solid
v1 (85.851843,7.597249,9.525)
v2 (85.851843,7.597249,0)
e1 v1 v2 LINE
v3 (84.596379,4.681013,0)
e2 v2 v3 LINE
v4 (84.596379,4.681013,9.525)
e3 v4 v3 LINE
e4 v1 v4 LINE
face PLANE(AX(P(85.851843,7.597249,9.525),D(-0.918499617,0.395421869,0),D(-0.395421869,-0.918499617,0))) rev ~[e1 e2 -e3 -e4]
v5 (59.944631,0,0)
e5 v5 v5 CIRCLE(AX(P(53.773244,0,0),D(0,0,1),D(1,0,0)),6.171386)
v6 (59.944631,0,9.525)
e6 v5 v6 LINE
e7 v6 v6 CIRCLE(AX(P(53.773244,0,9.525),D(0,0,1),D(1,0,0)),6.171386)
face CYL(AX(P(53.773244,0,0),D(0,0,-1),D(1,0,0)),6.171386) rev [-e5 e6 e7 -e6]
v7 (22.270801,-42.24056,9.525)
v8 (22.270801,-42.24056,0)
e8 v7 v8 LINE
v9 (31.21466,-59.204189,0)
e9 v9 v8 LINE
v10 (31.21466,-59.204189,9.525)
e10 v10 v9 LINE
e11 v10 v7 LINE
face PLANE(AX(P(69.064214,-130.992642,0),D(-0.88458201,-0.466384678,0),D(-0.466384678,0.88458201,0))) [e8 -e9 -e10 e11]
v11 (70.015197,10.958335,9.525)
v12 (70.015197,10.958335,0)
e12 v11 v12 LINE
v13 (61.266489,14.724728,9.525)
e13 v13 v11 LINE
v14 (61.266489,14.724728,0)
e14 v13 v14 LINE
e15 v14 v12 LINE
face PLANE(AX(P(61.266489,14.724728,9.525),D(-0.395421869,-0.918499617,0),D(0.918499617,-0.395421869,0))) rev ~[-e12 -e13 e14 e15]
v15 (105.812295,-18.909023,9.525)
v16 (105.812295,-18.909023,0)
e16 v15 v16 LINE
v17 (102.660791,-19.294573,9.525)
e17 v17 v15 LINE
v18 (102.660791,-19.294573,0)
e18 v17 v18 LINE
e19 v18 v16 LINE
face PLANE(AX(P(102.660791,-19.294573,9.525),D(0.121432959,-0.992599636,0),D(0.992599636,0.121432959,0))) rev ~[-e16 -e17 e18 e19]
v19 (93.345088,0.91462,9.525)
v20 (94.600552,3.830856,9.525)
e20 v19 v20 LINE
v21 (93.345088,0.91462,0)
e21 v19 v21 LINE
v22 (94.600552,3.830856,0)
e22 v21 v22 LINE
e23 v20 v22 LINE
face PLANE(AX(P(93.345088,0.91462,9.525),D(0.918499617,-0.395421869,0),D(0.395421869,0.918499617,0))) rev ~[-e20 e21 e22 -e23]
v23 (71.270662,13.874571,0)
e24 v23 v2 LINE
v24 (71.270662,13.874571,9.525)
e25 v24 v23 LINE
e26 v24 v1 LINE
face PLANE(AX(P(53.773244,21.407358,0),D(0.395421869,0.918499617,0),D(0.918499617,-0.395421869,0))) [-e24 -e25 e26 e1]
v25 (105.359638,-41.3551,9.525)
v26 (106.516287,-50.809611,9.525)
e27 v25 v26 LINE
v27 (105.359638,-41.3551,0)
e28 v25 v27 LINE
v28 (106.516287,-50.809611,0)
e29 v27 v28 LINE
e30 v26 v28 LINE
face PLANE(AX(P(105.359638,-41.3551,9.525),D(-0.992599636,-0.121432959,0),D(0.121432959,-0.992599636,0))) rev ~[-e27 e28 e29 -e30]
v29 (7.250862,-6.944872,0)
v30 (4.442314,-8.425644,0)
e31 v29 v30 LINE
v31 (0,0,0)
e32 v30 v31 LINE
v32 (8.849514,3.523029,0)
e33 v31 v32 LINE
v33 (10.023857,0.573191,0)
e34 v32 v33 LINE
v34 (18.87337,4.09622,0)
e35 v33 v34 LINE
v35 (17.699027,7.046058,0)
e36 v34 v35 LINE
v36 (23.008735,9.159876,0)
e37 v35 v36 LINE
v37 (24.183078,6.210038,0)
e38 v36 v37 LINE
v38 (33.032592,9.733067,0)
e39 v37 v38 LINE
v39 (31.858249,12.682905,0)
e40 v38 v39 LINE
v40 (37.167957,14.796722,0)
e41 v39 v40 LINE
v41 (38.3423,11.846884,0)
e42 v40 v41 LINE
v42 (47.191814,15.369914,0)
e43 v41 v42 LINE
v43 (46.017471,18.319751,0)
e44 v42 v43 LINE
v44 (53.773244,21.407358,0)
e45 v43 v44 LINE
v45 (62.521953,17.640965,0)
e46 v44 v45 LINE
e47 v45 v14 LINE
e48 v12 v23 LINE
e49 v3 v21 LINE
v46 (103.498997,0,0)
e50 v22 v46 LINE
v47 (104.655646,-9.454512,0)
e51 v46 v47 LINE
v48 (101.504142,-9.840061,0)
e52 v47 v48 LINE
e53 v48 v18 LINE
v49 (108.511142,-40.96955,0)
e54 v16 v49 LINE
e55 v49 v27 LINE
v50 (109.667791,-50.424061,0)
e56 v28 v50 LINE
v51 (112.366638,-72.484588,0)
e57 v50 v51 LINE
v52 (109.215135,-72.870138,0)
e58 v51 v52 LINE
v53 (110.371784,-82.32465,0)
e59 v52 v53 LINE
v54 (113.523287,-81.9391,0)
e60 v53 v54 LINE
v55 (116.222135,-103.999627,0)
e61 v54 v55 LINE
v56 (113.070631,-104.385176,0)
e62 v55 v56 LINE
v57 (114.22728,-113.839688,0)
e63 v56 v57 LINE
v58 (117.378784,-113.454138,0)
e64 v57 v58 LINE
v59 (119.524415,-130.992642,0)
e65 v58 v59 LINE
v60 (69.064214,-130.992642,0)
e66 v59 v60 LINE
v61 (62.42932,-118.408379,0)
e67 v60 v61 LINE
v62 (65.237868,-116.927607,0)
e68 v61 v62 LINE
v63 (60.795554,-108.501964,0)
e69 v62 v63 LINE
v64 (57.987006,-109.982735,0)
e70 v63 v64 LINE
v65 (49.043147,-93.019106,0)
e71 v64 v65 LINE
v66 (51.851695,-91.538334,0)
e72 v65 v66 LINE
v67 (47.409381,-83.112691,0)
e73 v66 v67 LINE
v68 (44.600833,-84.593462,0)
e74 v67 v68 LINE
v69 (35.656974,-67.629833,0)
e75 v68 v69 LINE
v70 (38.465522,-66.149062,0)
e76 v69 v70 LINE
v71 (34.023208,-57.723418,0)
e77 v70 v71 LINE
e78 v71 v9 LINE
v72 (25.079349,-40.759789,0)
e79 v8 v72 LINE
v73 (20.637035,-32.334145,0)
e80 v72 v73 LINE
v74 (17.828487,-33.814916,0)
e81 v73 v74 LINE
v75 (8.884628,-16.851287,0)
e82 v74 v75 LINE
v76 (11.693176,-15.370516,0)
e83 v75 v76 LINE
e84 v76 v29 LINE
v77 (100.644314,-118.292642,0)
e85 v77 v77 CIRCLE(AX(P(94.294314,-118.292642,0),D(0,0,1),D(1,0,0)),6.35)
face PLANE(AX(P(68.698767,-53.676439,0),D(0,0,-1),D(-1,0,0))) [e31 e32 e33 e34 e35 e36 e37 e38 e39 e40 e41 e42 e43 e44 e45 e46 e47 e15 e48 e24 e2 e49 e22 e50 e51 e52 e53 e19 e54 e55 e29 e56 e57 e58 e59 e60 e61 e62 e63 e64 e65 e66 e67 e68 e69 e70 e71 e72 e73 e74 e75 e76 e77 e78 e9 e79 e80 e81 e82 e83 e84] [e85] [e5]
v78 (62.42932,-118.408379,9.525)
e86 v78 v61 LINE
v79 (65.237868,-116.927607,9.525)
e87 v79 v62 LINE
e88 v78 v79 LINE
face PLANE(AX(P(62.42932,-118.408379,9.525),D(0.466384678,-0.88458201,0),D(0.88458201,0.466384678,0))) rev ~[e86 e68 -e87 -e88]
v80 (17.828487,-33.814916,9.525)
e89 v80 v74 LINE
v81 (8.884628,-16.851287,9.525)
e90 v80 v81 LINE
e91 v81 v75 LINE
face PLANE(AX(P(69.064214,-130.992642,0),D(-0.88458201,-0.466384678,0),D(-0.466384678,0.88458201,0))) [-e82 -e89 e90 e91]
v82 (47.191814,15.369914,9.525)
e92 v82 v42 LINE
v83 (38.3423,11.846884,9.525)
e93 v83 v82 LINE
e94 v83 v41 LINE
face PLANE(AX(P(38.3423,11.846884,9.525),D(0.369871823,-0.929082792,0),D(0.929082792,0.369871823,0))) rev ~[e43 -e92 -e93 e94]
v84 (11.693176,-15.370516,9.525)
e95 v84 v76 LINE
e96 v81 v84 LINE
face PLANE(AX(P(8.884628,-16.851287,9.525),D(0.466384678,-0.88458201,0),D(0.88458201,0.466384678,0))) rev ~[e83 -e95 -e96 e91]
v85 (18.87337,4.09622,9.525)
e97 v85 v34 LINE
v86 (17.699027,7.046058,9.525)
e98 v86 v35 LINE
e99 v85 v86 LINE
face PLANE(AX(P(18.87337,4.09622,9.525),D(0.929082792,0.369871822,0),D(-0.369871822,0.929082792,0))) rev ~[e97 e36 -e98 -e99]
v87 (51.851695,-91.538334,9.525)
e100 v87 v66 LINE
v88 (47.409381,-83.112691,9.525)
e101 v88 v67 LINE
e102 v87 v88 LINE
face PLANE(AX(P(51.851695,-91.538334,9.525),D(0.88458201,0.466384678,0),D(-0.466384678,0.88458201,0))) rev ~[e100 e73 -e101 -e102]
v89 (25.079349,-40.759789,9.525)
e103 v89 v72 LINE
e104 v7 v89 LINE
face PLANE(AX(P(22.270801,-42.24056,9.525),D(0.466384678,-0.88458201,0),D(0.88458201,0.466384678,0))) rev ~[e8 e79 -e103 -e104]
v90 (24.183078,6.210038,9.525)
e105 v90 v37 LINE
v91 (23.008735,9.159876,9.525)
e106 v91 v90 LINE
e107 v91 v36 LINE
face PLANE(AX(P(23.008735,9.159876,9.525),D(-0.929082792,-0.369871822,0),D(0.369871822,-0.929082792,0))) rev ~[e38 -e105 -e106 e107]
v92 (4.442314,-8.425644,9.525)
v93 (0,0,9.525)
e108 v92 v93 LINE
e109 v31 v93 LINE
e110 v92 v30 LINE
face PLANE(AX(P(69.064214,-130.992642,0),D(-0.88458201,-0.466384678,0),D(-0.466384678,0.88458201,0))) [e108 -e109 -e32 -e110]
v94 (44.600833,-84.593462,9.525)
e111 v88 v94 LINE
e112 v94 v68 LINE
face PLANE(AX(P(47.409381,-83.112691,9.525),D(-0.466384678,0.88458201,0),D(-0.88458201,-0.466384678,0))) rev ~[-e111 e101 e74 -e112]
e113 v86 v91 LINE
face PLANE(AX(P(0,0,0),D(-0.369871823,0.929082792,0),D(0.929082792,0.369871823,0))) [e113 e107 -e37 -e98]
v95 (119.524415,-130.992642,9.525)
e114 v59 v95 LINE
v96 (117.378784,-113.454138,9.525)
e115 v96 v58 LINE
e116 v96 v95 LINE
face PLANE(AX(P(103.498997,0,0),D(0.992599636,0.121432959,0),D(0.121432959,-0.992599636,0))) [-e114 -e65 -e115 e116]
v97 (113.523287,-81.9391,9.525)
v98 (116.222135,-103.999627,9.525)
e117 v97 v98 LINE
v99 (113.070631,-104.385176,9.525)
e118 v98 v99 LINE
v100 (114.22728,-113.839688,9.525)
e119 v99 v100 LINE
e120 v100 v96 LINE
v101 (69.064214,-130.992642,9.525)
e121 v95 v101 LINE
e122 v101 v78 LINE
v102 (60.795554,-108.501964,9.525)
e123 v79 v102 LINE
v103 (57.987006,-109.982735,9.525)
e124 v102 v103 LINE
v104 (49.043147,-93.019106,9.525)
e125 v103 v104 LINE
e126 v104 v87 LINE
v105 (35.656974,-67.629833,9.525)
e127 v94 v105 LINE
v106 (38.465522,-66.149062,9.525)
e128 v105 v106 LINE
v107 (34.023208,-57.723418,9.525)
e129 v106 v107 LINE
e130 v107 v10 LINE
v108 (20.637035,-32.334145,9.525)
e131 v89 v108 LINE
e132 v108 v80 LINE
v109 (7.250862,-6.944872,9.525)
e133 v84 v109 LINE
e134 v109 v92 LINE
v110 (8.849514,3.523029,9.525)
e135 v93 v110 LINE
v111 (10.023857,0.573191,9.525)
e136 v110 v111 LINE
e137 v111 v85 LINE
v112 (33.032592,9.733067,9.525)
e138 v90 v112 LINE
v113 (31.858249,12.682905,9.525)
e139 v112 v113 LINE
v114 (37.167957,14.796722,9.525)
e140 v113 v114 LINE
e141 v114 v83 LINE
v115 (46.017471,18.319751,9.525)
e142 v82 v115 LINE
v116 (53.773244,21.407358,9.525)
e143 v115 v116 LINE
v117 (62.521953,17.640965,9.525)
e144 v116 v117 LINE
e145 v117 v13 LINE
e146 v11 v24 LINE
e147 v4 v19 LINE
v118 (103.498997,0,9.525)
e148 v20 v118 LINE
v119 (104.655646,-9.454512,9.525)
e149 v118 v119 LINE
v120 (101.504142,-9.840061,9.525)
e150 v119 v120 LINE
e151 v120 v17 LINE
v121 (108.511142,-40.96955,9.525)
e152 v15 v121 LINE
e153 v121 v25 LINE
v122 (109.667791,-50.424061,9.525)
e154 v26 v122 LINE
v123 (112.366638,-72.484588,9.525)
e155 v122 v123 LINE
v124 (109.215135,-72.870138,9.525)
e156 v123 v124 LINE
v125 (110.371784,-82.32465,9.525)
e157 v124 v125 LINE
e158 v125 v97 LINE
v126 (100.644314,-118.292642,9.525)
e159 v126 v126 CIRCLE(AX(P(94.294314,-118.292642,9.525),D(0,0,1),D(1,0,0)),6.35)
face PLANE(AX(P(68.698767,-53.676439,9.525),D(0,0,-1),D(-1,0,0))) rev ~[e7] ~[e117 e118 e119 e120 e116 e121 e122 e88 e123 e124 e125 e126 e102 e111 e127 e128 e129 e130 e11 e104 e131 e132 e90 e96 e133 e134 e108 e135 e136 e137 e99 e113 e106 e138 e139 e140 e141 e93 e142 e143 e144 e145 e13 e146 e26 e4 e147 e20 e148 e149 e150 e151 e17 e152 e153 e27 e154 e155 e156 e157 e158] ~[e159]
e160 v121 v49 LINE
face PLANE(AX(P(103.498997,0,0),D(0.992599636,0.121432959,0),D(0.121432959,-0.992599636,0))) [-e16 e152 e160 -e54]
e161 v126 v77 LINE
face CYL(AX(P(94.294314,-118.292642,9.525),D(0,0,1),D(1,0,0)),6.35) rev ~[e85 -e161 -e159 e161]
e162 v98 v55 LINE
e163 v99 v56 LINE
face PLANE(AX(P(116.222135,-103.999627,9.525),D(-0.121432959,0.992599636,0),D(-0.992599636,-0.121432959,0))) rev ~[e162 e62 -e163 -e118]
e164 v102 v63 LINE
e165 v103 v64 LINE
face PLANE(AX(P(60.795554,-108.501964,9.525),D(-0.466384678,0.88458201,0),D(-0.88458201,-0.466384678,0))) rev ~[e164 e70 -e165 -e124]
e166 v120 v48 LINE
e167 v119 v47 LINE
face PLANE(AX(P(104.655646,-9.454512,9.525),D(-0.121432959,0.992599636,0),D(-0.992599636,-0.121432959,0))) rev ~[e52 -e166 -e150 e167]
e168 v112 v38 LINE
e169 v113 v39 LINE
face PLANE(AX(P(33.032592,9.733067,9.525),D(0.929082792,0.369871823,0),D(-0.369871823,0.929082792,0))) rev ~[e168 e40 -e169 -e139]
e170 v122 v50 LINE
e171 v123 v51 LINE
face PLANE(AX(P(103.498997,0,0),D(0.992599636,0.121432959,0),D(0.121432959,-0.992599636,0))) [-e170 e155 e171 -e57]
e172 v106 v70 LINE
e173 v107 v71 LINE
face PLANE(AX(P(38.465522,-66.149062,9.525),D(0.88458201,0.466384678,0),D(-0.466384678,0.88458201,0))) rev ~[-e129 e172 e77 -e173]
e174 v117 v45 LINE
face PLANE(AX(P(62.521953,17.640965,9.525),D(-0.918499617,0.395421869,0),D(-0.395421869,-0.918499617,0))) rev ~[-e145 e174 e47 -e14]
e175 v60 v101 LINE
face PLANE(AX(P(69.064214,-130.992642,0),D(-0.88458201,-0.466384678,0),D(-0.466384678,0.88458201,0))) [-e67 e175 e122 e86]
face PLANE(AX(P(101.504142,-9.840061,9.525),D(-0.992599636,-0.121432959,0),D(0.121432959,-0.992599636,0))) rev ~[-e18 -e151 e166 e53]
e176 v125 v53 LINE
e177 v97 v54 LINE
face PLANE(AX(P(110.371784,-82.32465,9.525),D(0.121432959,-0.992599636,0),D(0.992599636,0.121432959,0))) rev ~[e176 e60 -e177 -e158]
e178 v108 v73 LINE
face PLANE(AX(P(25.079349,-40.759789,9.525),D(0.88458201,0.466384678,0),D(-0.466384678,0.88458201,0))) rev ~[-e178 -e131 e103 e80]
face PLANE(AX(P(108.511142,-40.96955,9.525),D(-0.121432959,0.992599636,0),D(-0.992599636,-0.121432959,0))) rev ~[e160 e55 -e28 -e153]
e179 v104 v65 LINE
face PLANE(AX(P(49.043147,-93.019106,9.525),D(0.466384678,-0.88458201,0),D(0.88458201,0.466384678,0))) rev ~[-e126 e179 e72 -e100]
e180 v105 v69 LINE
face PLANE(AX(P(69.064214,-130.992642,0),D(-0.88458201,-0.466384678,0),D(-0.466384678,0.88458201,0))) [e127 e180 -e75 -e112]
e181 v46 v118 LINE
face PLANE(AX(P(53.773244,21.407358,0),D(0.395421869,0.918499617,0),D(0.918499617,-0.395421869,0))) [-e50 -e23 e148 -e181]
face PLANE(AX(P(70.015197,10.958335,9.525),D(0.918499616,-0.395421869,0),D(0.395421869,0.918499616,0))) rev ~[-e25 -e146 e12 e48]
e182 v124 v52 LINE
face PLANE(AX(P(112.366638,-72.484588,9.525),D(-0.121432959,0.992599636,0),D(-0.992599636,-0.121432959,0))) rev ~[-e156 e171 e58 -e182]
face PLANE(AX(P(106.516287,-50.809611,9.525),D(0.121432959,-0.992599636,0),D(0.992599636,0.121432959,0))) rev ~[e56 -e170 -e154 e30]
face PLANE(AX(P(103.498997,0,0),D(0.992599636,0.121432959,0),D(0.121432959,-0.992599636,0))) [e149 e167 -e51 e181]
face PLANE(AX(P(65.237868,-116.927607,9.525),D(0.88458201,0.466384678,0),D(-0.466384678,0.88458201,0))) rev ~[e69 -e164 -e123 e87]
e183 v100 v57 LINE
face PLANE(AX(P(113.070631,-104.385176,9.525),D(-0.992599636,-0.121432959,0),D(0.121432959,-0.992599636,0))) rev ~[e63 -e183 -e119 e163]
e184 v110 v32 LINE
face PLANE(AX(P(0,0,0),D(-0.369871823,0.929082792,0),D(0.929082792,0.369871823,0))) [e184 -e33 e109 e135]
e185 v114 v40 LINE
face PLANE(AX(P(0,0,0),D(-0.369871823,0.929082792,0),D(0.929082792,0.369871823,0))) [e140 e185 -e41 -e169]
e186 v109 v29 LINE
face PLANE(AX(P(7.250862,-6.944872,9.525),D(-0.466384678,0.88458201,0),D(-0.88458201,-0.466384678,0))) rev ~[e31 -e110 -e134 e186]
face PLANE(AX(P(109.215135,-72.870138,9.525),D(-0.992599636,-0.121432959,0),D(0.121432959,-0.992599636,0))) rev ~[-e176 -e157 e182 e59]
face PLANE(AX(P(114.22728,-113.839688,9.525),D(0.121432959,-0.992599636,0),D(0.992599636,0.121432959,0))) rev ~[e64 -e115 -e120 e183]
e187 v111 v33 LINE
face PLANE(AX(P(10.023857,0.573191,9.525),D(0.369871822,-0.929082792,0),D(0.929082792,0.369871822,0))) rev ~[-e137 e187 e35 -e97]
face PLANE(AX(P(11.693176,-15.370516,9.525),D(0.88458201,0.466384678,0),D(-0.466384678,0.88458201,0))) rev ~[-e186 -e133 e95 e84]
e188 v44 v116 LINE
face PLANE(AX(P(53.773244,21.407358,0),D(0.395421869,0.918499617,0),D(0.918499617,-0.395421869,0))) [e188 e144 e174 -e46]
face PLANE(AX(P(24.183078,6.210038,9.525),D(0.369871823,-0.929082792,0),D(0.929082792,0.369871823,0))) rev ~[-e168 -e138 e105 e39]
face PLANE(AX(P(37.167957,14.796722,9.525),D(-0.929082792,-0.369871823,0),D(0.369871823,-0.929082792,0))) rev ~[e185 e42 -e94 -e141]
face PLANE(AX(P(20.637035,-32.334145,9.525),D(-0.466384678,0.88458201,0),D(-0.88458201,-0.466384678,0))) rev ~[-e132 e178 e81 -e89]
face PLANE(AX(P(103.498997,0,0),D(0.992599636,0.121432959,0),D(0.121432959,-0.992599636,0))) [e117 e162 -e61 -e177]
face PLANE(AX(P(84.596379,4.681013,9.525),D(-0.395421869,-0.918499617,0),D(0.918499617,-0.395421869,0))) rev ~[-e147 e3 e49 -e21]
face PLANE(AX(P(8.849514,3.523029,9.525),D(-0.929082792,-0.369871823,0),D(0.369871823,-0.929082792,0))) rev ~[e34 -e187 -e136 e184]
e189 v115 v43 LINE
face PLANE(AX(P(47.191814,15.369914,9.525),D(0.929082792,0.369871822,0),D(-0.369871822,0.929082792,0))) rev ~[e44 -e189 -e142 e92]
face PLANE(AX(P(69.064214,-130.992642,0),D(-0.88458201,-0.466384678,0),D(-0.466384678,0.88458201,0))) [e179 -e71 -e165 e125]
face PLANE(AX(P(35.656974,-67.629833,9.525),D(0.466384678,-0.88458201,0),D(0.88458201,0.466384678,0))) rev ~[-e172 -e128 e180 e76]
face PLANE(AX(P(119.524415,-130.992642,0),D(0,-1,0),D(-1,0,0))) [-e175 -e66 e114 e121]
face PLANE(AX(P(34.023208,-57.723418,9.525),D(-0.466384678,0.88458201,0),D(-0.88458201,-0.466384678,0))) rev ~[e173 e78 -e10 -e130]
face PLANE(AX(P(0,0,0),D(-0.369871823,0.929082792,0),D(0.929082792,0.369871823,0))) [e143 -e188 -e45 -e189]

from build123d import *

# Parameters (mm, degrees)
SKETCH1_R           = 6.171386398
BOSS_EXTRUDE1_DEPTH = 9.525
CUT_EXTRUDE1_DEPTH  = 9.525
CUT_EXTRUDE2_DEPTH  = 9.525
CUT_EXTRUDE3_DEPTH  = 9.525
SKETCH3_R           = 6.35
CUT_EXTRUDE4_DEPTH  = 9.525


with BuildPart() as part:
    # Sketch1 → Boss-Extrude1 (new body)
    with BuildSketch(Plane.XY):
        Polygon((0, 0), (53.773244147, 21.40735786), (103.498996656, 0), (119.524414716, -130.99264214), (69.064214047, -130.99264214), align=None)
        with Locations((53.773244147, 0)):
            Circle(SKETCH1_R, mode=Mode.SUBTRACT)
    extrude(amount=BOSS_EXTRUDE1_DEPTH)

    # Sketch2 → Cut-Extrude1 (cut)
    with BuildSketch(Plane.XY.offset(9.525)):
        Polygon((46.017470702, 18.319751369), (37.167957105, 14.79672226), (38.342300142, 11.846884394), (47.191813738, 15.369913504), align=None)
        Polygon((31.858248947, 12.682904794), (23.008735351, 9.159875685), (24.183078387, 6.210037819), (33.032591984, 9.733066929), align=None)
        Polygon((17.699027193, 7.046058219), (8.849513596, 3.523029109), (10.023856633, 0.573191244), (18.873370229, 4.096220353), align=None)
    extrude(amount=-CUT_EXTRUDE1_DEPTH, mode=Mode.SUBTRACT)

    # Sketch2_3 → Cut-Extrude2 (cut)
    with BuildSketch(Plane.XY.offset(9.525)):
        Polygon((7.250861941, -6.944872289), (4.44231406, -8.425643642), (8.884628121, -16.851287285), (11.693176002, -15.370515931), align=None)
        Polygon((20.637034977, -32.334145131), (17.828487096, -33.814916485), (22.270801156, -42.240560127), (25.079349037, -40.759788774), align=None)
        Polygon((34.023208012, -57.723417974), (31.214660132, -59.204189327), (35.656974192, -67.629832969), (38.465522073, -66.149061616), align=None)
        Polygon((47.409381048, -83.112690816), (44.600833167, -84.593462169), (49.043147228, -93.019105812), (51.851695108, -91.538334458), align=None)
        Polygon((60.795554083, -108.501963658), (57.987006203, -109.982735012), (62.429320263, -118.408378654), (65.237868144, -116.927607301), align=None)
    extrude(amount=-CUT_EXTRUDE2_DEPTH, mode=Mode.SUBTRACT)

    # Sketch2_4 → Cut-Extrude3 (cut)
    with BuildSketch(Plane.XY.offset(9.525)):
        Polygon((71.270661843, 13.874571258), (62.521952995, 17.640964559), (61.266488562, 14.724728276), (70.015197409, 10.958334976), align=None)
        Polygon((94.600552104, 3.83085579), (85.851843256, 7.597249091), (84.596378823, 4.681012808), (93.34508767, 0.914619507), align=None)
        Polygon((105.812294522, -18.909023057), (104.655645589, -9.454511529), (101.504141746, -9.840061173), (102.660790679, -19.294572702), align=None)
        Polygon((109.667790966, -50.424061486), (108.511142033, -40.969549957), (105.35963819, -41.355099602), (106.516287124, -50.80961113), align=None)
        Polygon((110.371783568, -82.324649559), (113.523287411, -81.939099915), (112.366638477, -72.484588386), (109.215134635, -72.870138031), align=None)
        Polygon((114.227280012, -113.839687988), (117.378783855, -113.454138344), (116.222134922, -103.999626815), (113.070631079, -104.385176459), align=None)
    extrude(amount=-CUT_EXTRUDE3_DEPTH, mode=Mode.SUBTRACT)

    # Sketch3 → Cut-Extrude4 (cut)
    with BuildSketch(Plane.XY.offset(9.525)):
        with Locations((94.294314381, -118.29264214)):
            Circle(SKETCH3_R)
    extrude(amount=-CUT_EXTRUDE4_DEPTH, mode=Mode.SUBTRACT)


solid = part.part
